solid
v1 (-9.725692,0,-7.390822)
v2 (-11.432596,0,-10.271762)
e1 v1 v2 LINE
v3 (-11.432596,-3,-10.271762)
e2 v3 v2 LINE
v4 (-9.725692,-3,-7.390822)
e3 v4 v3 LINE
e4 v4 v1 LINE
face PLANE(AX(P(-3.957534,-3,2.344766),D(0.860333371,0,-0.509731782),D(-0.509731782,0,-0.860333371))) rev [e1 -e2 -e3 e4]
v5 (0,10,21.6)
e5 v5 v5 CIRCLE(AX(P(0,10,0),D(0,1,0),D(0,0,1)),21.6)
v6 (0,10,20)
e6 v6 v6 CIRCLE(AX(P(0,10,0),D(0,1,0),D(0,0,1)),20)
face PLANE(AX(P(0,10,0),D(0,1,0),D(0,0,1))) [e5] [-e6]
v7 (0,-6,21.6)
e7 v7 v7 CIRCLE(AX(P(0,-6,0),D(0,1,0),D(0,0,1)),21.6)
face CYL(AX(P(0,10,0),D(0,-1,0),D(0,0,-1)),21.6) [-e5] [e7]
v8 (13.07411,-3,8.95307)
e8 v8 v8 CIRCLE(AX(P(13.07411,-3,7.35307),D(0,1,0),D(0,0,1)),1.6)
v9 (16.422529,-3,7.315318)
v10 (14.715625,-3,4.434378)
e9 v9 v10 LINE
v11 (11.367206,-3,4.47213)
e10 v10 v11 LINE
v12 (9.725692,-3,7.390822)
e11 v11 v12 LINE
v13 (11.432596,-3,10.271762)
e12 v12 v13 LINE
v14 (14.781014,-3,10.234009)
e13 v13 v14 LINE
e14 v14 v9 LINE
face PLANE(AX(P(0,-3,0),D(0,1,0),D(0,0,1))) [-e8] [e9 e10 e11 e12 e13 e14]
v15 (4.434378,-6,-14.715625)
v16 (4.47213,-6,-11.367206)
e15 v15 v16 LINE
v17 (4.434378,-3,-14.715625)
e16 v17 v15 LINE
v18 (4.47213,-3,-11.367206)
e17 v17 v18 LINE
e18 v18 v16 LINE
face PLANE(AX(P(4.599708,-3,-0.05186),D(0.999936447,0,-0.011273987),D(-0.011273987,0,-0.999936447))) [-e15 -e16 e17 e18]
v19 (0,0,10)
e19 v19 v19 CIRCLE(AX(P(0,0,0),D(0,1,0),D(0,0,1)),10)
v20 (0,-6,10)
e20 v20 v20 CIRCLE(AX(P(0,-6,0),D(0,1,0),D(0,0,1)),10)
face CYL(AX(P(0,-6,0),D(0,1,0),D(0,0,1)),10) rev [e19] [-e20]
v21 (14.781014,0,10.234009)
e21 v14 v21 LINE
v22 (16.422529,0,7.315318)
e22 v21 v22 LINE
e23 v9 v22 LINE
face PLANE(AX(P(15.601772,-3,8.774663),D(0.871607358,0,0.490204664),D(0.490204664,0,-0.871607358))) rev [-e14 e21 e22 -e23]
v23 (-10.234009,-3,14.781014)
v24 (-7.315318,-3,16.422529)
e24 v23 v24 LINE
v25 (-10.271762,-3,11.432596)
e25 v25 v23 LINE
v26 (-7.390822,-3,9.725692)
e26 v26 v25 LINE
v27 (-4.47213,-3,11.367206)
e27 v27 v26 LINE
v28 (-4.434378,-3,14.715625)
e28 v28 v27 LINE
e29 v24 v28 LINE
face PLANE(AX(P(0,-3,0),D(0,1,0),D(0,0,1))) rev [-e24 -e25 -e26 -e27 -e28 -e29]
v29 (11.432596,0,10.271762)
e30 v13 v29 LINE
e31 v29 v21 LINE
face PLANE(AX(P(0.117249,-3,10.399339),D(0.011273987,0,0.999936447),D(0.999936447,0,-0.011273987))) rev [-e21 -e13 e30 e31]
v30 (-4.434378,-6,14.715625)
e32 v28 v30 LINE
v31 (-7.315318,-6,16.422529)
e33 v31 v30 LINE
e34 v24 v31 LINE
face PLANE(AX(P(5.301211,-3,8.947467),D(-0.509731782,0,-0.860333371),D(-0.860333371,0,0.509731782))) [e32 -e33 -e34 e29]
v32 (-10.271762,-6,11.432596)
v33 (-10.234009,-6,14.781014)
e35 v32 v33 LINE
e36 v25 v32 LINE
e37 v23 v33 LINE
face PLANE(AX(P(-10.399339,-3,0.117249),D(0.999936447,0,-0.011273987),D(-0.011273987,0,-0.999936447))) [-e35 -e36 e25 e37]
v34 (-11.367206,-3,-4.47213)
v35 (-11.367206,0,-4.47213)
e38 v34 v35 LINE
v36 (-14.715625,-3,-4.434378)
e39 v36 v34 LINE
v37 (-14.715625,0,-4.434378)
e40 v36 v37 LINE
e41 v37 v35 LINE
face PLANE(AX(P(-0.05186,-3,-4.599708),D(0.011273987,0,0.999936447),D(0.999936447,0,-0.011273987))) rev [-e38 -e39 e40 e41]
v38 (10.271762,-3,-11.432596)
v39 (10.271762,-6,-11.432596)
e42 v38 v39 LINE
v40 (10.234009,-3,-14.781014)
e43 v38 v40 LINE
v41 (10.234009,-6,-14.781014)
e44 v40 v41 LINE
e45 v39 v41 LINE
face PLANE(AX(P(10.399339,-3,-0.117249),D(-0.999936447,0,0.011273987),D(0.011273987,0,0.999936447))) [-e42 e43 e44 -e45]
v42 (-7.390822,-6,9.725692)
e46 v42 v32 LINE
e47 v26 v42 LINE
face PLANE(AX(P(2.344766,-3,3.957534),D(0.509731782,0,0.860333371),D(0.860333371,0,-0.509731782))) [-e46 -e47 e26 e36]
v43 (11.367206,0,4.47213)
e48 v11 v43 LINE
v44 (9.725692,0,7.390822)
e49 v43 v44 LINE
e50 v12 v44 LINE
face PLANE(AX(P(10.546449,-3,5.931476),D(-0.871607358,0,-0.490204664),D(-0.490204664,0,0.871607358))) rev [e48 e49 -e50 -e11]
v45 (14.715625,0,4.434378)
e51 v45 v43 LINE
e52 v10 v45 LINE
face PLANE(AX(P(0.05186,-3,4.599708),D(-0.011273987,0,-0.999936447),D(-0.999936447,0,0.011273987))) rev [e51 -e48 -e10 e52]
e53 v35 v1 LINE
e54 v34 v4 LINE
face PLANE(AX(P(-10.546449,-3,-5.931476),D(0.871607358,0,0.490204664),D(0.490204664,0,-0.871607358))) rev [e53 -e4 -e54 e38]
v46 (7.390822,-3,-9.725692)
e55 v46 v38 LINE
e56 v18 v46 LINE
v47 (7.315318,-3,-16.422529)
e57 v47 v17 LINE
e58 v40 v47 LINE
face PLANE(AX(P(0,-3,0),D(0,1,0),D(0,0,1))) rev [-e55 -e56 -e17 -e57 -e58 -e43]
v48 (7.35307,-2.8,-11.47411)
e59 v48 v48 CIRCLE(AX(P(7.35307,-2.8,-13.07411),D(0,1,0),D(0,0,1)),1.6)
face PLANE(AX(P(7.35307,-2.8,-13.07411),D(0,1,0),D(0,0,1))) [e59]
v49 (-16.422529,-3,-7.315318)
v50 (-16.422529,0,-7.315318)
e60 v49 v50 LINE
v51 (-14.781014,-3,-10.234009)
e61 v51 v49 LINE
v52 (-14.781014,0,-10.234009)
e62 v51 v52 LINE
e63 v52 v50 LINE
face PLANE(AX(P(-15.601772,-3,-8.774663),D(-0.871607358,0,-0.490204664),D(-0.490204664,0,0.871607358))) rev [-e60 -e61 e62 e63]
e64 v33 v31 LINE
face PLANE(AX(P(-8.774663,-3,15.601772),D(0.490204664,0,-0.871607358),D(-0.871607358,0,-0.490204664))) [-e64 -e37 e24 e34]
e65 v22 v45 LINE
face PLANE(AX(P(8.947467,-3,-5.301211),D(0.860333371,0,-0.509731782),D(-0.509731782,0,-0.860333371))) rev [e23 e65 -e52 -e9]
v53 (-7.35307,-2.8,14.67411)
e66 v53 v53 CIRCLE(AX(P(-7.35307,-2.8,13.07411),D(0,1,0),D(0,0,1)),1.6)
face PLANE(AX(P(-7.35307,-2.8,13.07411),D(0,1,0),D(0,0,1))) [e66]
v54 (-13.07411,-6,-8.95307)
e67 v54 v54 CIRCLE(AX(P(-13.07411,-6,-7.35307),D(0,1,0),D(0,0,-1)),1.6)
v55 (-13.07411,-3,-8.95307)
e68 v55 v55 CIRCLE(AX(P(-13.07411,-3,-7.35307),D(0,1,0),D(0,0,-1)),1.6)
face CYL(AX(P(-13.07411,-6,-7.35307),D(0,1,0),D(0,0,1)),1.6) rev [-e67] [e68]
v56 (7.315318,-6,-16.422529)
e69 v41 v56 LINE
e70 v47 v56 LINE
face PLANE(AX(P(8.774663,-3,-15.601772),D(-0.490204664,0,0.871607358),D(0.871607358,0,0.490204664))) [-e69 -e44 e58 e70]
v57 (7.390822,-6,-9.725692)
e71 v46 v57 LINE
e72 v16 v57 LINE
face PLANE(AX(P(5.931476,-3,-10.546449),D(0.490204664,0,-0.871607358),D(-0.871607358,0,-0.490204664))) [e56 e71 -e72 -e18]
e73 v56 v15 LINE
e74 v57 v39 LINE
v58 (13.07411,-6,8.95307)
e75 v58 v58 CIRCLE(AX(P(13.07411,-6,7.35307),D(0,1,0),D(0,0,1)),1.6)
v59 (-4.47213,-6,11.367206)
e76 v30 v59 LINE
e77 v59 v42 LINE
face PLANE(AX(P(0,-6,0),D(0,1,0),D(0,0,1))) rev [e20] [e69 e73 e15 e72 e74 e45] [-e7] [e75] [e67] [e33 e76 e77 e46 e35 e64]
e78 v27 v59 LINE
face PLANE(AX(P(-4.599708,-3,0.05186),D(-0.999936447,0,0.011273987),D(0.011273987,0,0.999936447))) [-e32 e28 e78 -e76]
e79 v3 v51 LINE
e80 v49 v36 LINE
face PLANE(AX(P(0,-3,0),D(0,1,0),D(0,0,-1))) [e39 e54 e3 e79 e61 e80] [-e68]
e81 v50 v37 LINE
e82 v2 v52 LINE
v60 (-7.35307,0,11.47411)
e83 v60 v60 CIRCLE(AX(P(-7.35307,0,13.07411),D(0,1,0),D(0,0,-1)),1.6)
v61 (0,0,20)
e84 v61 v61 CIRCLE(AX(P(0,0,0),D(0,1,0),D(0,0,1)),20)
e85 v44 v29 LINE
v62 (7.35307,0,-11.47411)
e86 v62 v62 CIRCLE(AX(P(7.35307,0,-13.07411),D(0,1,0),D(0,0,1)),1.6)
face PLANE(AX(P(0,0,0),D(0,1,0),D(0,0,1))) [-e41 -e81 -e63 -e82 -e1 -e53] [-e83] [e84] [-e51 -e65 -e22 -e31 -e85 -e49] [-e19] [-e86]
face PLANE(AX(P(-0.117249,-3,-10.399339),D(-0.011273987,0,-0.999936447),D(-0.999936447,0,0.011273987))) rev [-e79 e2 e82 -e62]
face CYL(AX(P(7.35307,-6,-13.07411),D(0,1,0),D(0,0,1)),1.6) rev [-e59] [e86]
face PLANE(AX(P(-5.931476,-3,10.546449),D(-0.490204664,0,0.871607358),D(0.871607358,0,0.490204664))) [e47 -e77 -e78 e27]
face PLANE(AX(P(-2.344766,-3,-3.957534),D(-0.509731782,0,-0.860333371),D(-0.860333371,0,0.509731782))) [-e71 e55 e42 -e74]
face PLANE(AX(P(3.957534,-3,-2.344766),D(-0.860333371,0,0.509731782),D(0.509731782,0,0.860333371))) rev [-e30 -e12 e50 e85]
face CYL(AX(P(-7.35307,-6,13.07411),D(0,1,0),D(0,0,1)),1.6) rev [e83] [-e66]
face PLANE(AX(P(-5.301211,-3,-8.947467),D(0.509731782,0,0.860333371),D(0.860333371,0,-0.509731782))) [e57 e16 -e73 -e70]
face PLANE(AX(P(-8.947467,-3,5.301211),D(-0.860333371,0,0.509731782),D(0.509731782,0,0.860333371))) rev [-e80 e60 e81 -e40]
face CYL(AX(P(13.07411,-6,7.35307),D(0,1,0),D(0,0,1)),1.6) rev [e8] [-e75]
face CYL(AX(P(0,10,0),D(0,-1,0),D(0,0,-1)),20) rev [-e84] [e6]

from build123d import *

# Parameters (mm, degrees)
SKETCH1_R           = 21.6
SKETCH1_R_2         = 20
BOSS_EXTRUDE1_DEPTH = 10
BOSS_EXTRUDE2_START = -6
SKETCH1_3_R         = 21.6
SKETCH1_3_R_2       = 20
SKETCH1_3_R_3       = 10
SKETCH1_3_R_4       = 1.6
BOSS_EXTRUDE2_DEPTH = 6
SKETCH1_5_R         = 1.6
CUT_EXTRUDE2_DEPTH  = 33.14218412
CUT_EXTRUDE1_START  = -6
CUT_EXTRUDE1_DEPTH  = 3
BOSS_EXTRUDE3_START = -2.8
SKETCH1_6_R         = 1.6
BOSS_EXTRUDE3_DEPTH = 0.2
CIRPATTERN2_COUNT   = 2
SKETCH3_R           = 1.6
CUT_EXTRUDE4_DEPTH  = 33.14218412
SKETCH3_3_R         = 1.6
CUT_EXTRUDE5_DEPTH  = 3
CIRPATTERN3_COUNT   = 2


with BuildPart() as part:
    # Sketch1 → Boss-Extrude1 (new body)
    with BuildSketch(Plane(origin=(0, 0, 0), x_dir=(1, 0, 0), z_dir=(0, 1, 0))):
        with Locations(Location((0, 0, 0), (0, 0, 270))):
            Circle(SKETCH1_R)
        with Locations(Location((0, 0, 0), (0, 0, 270))):
            Circle(SKETCH1_R_2, mode=Mode.SUBTRACT)
    extrude(amount=BOSS_EXTRUDE1_DEPTH)

    # Sketch1<3> → Boss-Extrude2 (add)
    # profile 1 of 4: a face of its own
    with BuildSketch(Plane(origin=(0, 0, 0), x_dir=(1, 0, 0), z_dir=(0, 1, 0)).offset(BOSS_EXTRUDE2_START)):
        with Locations(Location((0, 0, 0), (0, 0, 270))):
            Circle(SKETCH1_3_R)
        with Locations(Location((0, 0, 0), (0, 0, 270))):
            Circle(SKETCH1_3_R_2, mode=Mode.SUBTRACT)
    # profile 2 of 4: a face of its own
    with BuildSketch(Plane(origin=(0, 0, 0), x_dir=(1, 0, 0), z_dir=(0, 1, 0)).offset(BOSS_EXTRUDE2_START)):
        with Locations(Location((0, 0, 0), (0, 0, 270))):
            Circle(SKETCH1_3_R_2)
        with Locations(Location((0, 0, 0), (0, 0, 270))):
            Circle(SKETCH1_3_R_3, mode=Mode.SUBTRACT)
        Polygon((10.271761873, 11.432595565), (10.234009445, 14.78101431), (7.315317535, 16.42252912), (4.434378054, 14.715625186), (4.472130483, 11.367206441), (7.390822392, 9.725691631), align=None, mode=Mode.SUBTRACT)
    # profile 3 of 4: a face of its own
    with BuildSketch(Plane(origin=(0, 0, 0), x_dir=(1, 0, 0), z_dir=(0, 1, 0)).offset(BOSS_EXTRUDE2_START)):
        Polygon((7.390822392, 9.725691631), (10.271761873, 11.432595565), (10.234009445, 14.78101431), (7.315317535, 16.42252912), (4.434378054, 14.715625186), (4.472130483, 11.367206441), align=None)
        with Locations((7.353069964, 13.074110375)):
            Circle(SKETCH1_3_R_4, mode=Mode.SUBTRACT)
    # profile 4 of 4: a face of its own
    with BuildSketch(Plane(origin=(0, 0, 0), x_dir=(1, 0, 0), z_dir=(0, 1, 0)).offset(BOSS_EXTRUDE2_START)):
        with Locations((7.353069964, 13.074110375)):
            Circle(SKETCH1_3_R_4)
    extrude(amount=BOSS_EXTRUDE2_DEPTH)

    # Sketch1<5> → Cut-Extrude2 (cut, through all)
    with BuildSketch(Plane(origin=(0, 0, 0), x_dir=(1, 0, 0), z_dir=(0, 1, 0))):
        with Locations(Location((7.353069964, 13.074110375, 0), (0, 0, 270))):
            Circle(SKETCH1_5_R)
    cut_extrude2 = extrude(amount=-CUT_EXTRUDE2_DEPTH, mode=Mode.SUBTRACT)

    # Sketch1<4> → Cut-Extrude1 (cut)
    with BuildSketch(Plane(origin=(0, 0, 0), x_dir=(1, 0, 0), z_dir=(0, 1, 0)).offset(CUT_EXTRUDE1_START)):
        Polygon((10.234009445, 14.78101431), (7.315317535, 16.42252912), (4.434378054, 14.715625186), (4.472130483, 11.367206441), (7.390822392, 9.725691631), (10.271761873, 11.432595565), align=None)
    cut_extrude1 = extrude(amount=CUT_EXTRUDE1_DEPTH, mode=Mode.SUBTRACT)

    # Sketch1<6> → Boss-Extrude3 (add)
    with BuildSketch(Plane(origin=(0, 0, 0), x_dir=(1, 0, 0), z_dir=(0, 1, 0)).offset(BOSS_EXTRUDE3_START)):
        with Locations(Location((7.353069964, 13.074110375, 0), (0, 0, 270))):
            Circle(SKETCH1_6_R)
    boss_extrude3 = extrude(amount=-BOSS_EXTRUDE3_DEPTH)

    # CirPattern2: Cut-Extrude2, Cut-Extrude1, Boss-Extrude3 ×2 about axis
    cirpattern2_axis = Axis((0, 0, 0), (0, 1, 0))
    add([cut_extrude2.rotate(cirpattern2_axis, i * 360 / CIRPATTERN2_COUNT) for i in range(1, CIRPATTERN2_COUNT)], mode=Mode.SUBTRACT)
    add([cut_extrude1.rotate(cirpattern2_axis, i * 360 / CIRPATTERN2_COUNT) for i in range(1, CIRPATTERN2_COUNT)], mode=Mode.SUBTRACT)
    add([boss_extrude3.rotate(cirpattern2_axis, i * 360 / CIRPATTERN2_COUNT) for i in range(1, CIRPATTERN2_COUNT)])

    # Sketch3 → Cut-Extrude4 (cut, through all)
    with BuildSketch(Plane(origin=(0, 0, 0), x_dir=(1, 0, 0), z_dir=(0, 1, 0))):
        with Locations(Location((13.074110375, -7.353069964, 0), (0, 0, 270))):
            Circle(SKETCH3_R)
    cut_extrude4 = extrude(amount=-CUT_EXTRUDE4_DEPTH, mode=Mode.SUBTRACT)

    # Sketch3<3> → Cut-Extrude5 (cut)
    with BuildSketch(Plane(origin=(0, 0, 0), x_dir=(1, 0, 0), z_dir=(0, 1, 0))):
        Polygon((14.715625186, -4.434378054), (11.367206441, -4.472130483), (9.725691631, -7.390822392), (11.432595565, -10.271761873), (14.78101431, -10.234009445), (16.42252912, -7.315317535), align=None)
        with Locations(Location((13.074110375, -7.353069964, 0), (0, 0, 270))):
            Circle(SKETCH3_3_R, mode=Mode.SUBTRACT)
    cut_extrude5 = extrude(amount=-CUT_EXTRUDE5_DEPTH, mode=Mode.SUBTRACT)

    # CirPattern3: Cut-Extrude4, Cut-Extrude5 ×2 about axis
    cirpattern3_axis = Axis((0, 0, 0), (0, 1, 0))
    add([cut_extrude4.rotate(cirpattern3_axis, i * 360 / CIRPATTERN3_COUNT) for i in range(1, CIRPATTERN3_COUNT)], mode=Mode.SUBTRACT)
    add([cut_extrude5.rotate(cirpattern3_axis, i * 360 / CIRPATTERN3_COUNT) for i in range(1, CIRPATTERN3_COUNT)], mode=Mode.SUBTRACT)


solid = part.part
